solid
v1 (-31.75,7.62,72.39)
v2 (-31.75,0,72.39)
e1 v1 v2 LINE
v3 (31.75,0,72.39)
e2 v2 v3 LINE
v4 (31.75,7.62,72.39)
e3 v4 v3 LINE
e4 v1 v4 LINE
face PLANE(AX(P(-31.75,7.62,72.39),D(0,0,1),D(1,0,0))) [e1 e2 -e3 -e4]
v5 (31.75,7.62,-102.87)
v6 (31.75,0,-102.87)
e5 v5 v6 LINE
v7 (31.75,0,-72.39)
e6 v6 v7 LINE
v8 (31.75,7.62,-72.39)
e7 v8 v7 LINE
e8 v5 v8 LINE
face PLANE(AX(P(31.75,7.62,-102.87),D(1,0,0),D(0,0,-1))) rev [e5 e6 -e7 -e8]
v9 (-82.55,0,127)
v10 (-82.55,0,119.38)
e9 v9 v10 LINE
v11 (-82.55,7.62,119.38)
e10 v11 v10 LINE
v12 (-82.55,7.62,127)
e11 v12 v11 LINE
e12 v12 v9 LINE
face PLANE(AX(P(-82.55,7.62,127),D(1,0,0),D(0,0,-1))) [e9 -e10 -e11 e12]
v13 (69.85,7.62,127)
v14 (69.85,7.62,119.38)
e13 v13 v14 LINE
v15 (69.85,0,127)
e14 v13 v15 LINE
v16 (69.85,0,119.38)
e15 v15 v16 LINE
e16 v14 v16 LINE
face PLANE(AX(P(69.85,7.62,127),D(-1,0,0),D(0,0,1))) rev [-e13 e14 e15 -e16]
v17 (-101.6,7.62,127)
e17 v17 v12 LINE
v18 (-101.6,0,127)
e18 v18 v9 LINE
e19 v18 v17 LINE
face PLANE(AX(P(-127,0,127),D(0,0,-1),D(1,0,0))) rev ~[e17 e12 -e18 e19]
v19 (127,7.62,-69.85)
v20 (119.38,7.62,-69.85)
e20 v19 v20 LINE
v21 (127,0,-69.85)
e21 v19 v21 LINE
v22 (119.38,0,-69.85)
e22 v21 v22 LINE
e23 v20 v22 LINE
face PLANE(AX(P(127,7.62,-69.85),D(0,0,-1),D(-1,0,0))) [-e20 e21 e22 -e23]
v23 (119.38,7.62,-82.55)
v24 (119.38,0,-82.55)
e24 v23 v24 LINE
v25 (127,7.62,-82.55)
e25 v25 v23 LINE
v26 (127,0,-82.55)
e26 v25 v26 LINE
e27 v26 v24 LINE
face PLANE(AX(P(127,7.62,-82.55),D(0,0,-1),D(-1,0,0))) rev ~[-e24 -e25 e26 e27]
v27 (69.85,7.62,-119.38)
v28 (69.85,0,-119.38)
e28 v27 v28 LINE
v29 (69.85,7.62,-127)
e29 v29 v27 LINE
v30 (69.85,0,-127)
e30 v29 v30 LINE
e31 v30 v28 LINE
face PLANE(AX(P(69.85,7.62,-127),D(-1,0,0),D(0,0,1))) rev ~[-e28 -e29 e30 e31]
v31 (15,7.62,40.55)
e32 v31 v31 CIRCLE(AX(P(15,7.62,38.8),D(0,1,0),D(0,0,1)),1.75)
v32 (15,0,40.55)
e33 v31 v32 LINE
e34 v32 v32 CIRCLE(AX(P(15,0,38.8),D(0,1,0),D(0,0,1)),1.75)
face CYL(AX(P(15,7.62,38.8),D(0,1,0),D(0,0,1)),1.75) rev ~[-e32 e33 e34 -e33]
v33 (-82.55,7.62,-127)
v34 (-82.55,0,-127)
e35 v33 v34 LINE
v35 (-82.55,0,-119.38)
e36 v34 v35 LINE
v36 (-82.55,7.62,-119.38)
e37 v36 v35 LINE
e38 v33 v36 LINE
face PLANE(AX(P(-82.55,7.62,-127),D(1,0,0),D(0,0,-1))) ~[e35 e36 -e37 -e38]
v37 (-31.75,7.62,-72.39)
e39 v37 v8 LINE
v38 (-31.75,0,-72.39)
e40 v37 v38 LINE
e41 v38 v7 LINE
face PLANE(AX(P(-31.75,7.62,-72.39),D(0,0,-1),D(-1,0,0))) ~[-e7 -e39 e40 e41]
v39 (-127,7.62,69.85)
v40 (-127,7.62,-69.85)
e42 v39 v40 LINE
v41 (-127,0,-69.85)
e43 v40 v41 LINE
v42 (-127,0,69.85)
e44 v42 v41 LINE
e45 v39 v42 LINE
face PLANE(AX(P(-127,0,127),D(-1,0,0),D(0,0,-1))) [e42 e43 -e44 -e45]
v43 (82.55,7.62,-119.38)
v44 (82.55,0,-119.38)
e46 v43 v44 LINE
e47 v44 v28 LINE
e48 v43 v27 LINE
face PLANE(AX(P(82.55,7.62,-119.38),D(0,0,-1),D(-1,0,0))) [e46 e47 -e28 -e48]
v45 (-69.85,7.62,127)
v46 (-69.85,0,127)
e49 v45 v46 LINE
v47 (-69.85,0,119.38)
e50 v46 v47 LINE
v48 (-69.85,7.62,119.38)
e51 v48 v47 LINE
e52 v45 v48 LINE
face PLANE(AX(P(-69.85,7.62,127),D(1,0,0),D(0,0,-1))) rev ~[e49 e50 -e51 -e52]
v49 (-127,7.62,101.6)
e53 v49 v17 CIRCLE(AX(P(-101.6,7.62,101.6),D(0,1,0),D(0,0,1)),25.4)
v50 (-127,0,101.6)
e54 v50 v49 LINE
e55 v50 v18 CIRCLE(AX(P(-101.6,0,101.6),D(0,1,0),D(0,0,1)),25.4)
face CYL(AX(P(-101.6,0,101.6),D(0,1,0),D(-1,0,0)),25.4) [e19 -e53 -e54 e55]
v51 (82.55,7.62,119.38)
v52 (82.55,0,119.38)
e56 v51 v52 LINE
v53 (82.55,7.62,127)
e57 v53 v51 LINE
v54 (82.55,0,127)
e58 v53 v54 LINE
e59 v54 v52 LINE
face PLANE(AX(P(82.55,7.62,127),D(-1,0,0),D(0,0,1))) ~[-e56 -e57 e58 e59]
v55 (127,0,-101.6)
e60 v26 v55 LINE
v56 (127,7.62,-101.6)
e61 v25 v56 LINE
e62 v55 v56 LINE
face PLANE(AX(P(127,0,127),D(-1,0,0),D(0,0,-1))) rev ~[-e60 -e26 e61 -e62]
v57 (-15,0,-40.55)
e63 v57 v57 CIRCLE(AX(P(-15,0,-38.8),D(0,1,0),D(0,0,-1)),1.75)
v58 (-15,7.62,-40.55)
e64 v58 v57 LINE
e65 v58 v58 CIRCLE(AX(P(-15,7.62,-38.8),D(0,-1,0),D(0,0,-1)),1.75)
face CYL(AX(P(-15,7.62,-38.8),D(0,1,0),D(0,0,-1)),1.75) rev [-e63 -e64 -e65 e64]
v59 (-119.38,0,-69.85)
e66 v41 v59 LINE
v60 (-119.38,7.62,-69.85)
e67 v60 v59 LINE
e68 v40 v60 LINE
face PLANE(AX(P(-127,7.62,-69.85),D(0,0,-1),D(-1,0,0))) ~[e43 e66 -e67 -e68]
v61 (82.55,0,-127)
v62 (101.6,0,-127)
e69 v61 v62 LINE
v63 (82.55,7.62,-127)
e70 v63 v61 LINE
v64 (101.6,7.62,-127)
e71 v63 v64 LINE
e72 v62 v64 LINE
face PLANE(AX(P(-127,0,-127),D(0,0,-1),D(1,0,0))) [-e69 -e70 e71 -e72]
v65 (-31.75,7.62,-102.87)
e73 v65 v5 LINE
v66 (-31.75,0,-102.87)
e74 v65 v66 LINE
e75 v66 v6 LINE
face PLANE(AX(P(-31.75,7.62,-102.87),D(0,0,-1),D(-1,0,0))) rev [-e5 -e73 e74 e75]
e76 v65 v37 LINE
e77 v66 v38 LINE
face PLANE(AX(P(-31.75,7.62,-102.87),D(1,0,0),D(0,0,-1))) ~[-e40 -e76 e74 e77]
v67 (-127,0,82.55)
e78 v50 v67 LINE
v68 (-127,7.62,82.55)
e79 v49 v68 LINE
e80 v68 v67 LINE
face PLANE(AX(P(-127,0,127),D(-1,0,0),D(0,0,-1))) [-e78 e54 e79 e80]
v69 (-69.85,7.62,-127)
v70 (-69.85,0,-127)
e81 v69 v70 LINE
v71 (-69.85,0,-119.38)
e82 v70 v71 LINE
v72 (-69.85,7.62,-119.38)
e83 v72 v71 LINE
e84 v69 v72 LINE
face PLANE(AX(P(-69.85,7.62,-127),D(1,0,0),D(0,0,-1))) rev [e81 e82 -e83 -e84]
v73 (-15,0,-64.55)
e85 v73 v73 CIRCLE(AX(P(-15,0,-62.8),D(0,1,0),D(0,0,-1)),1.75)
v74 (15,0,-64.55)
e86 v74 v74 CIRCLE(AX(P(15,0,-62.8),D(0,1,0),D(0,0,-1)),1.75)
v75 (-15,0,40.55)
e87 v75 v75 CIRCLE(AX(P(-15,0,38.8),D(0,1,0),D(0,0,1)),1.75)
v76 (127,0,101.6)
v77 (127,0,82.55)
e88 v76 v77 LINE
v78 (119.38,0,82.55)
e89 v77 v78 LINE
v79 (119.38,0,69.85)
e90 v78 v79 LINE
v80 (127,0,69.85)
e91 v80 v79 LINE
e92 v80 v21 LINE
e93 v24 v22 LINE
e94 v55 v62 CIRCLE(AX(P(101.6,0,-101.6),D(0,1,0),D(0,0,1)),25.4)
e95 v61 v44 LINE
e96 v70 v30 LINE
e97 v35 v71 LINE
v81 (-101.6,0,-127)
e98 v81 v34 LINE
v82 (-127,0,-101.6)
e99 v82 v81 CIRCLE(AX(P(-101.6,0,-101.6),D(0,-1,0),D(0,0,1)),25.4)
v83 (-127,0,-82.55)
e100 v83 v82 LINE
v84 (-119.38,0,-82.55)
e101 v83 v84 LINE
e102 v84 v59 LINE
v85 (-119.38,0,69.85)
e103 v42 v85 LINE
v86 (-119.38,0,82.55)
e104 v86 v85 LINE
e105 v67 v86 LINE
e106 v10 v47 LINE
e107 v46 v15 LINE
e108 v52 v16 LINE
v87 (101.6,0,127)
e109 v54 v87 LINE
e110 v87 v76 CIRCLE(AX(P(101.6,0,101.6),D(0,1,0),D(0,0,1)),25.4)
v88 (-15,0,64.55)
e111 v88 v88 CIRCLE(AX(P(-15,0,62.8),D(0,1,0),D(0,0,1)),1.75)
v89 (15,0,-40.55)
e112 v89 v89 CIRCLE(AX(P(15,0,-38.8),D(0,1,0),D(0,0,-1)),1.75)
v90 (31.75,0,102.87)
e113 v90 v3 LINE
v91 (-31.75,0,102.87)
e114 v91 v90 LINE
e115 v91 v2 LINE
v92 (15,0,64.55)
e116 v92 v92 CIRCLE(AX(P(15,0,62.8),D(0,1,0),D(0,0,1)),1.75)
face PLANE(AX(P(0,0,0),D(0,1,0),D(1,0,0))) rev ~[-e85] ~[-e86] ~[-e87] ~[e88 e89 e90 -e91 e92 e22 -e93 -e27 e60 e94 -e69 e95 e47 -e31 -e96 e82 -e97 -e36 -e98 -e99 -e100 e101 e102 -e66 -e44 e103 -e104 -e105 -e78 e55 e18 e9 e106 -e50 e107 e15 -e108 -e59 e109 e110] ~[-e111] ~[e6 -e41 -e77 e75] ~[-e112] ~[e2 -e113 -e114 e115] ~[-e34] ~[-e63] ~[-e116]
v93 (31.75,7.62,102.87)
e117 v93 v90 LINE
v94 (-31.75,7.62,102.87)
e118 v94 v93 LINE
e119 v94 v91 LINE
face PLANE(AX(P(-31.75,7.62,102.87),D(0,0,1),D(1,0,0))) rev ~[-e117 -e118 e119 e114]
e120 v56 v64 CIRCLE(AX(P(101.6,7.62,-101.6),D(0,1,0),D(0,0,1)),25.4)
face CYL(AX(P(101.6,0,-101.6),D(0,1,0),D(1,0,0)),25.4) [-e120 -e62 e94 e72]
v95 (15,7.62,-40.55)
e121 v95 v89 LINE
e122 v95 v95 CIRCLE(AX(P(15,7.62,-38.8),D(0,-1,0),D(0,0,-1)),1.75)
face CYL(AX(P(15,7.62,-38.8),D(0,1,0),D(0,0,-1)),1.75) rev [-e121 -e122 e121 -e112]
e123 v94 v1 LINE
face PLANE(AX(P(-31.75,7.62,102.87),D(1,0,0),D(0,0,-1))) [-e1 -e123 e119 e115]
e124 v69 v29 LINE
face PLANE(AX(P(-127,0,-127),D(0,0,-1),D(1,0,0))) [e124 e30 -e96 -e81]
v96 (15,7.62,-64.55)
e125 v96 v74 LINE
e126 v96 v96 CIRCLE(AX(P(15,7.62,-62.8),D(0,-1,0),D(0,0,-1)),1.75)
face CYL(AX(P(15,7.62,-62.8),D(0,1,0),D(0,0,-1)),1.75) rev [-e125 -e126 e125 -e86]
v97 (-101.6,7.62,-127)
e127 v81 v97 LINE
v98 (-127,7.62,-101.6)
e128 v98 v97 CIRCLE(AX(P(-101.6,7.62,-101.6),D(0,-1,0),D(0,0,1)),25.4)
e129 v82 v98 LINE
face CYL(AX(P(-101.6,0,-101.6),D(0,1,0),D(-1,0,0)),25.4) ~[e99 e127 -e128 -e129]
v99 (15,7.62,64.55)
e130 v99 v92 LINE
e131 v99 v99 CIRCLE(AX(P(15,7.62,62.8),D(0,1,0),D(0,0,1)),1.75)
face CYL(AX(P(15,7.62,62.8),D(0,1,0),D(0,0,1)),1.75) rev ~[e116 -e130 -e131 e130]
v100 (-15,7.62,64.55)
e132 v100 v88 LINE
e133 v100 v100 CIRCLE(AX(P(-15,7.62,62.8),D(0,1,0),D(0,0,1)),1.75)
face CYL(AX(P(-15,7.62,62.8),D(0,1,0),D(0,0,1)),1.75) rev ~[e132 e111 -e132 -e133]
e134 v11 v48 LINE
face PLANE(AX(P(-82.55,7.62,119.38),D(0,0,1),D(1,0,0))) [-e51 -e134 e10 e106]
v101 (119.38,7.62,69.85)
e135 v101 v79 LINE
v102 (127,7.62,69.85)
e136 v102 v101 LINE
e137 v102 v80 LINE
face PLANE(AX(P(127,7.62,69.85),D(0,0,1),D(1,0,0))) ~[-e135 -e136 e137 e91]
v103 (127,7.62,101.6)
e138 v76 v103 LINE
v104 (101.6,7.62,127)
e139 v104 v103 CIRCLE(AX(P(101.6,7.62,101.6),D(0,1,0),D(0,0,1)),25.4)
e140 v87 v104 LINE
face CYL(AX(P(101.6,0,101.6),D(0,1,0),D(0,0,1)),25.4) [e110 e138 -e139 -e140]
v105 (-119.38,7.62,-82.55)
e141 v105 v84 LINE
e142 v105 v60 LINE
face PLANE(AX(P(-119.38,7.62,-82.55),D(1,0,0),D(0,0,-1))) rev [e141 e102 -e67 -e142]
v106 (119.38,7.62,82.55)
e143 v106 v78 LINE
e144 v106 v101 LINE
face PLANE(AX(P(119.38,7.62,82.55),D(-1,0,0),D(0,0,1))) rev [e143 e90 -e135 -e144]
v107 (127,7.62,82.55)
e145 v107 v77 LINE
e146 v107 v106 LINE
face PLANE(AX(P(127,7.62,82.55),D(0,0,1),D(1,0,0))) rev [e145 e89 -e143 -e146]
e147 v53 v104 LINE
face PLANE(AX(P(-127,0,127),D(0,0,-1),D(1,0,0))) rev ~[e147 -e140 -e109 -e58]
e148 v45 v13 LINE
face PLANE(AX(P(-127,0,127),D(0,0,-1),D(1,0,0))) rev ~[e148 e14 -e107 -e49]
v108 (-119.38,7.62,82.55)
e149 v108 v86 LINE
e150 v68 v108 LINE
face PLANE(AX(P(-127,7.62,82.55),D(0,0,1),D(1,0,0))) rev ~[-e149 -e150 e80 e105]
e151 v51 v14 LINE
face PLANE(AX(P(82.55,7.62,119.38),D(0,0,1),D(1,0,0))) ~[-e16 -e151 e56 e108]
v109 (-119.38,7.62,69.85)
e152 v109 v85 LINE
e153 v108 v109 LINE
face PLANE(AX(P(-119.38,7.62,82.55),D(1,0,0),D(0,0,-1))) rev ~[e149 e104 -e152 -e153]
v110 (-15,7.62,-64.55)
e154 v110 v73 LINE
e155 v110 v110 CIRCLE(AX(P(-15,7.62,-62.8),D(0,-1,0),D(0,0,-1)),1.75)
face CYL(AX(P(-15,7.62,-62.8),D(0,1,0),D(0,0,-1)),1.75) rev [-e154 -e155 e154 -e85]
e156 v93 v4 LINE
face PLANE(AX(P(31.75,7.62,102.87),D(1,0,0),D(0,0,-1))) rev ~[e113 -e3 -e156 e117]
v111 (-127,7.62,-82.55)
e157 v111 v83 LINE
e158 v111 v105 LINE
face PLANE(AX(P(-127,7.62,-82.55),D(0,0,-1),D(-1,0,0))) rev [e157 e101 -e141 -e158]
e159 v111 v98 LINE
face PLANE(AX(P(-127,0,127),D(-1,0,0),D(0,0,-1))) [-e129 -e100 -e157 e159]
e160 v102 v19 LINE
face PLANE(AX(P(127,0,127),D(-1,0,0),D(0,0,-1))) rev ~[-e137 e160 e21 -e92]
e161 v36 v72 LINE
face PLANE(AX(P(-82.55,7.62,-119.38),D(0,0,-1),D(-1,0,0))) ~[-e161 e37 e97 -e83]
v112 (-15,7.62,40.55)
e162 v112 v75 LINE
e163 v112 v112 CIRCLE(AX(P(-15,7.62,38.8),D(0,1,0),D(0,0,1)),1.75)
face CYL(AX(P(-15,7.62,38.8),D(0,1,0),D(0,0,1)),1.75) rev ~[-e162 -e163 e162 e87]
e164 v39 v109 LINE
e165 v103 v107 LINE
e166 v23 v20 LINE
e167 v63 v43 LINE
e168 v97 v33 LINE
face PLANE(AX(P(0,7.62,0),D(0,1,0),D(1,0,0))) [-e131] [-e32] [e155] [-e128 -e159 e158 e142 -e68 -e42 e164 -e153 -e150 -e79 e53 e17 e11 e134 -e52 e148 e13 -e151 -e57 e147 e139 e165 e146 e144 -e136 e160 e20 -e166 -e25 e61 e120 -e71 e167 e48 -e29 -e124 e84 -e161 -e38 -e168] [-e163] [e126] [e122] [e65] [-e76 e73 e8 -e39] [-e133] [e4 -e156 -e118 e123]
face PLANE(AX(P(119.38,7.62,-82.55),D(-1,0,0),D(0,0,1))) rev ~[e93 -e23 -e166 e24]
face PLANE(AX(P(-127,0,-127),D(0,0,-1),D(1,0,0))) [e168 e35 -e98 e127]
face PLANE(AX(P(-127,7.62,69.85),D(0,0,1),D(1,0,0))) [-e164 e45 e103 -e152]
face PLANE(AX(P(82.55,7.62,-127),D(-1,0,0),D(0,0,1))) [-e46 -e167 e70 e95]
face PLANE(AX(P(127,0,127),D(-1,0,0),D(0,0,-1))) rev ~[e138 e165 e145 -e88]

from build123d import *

# Parameters (mm, degrees)
SKETCH1_W               = 254
SKETCH1_H               = 254
PLATFORM_BASE_DEPTH     = 7.62
CORNER_ROUNDING_R       = 25.4
SKETCH3_R               = 1.75
CUT_EXTRUDE1_DEPTH      = 180.766694357
SKETCH4_W               = 63.5
SKETCH4_H               = 30.48
CUT_EXTRUDE2_DEPTH      = 180.766694357
SKETCH6_W               = 12.7
SKETCH6_H               = 7.62
CUT_EXTRUDE3_DEPTH      = 180.766694357
MIRROR5_COPY_1_SKETCH_W = 12.7
MIRROR5_COPY_1_SKETCH_H = 7.62
MIRROR5_COPY_1_DEPTH    = 180.766694357
MIRROR5_COPY_2_SKETCH_W = 12.7
MIRROR5_COPY_2_SKETCH_H = 7.62
MIRROR5_COPY_2_DEPTH    = 180.766694357
SKETCH8_W               = 7.62
SKETCH8_H               = 12.7
CUT_EXTRUDE4_DEPTH      = 180.766694357
MIRROR7_COPY_1_SKETCH_W = 7.62
MIRROR7_COPY_1_SKETCH_H = 12.7
MIRROR7_COPY_1_DEPTH    = 180.766694357
MIRROR7_COPY_2_SKETCH_W = 7.62
MIRROR7_COPY_2_SKETCH_H = 12.7
MIRROR7_COPY_2_DEPTH    = 180.766694357


with BuildPart() as part:
    # Sketch1 → Platform-Base (new body)
    with BuildSketch(Plane(origin=(0, 0, 0), x_dir=(1, 0, 0), z_dir=(0, 1, 0))):
        Rectangle(SKETCH1_W, SKETCH1_H)
    extrude(amount=PLATFORM_BASE_DEPTH)

    # Corner-Rounding
    corner_rounding_edges = [part.edges().sort_by_distance(p)[0] for p in [
        (-127, 3.81, -127),
        (127, 3.81, -127),
        (127, 3.81, 127),
        (-127, 3.81, 127),
    ]]
    fillet(corner_rounding_edges, radius=CORNER_ROUNDING_R)

    # Sketch3 → Cut-Extrude1 (cut, through all)
    with BuildSketch(Plane(origin=(0, 7.62, 0), x_dir=(1, 0, 0), z_dir=(0, 1, 0))):
        with Locations((15, -38.8)):
            Circle(SKETCH3_R)
        with Locations((15, -62.8)):
            Circle(SKETCH3_R)
        with Locations((-15, -62.8)):
            Circle(SKETCH3_R)
        with Locations((-15, -38.8)):
            Circle(SKETCH3_R)
    cut_extrude1 = extrude(amount=-CUT_EXTRUDE1_DEPTH, mode=Mode.SUBTRACT)

    # Mirror2: Cut-Extrude1 across plane
    add(cut_extrude1.mirror(Plane.XY), mode=Mode.SUBTRACT)

    # Sketch4 → Cut-Extrude2 (cut, through all)
    with BuildSketch(Plane(origin=(0, 7.62, 0), x_dir=(1, 0, 0), z_dir=(0, 1, 0))):
        with Locations((0, -87.63)):
            Rectangle(SKETCH4_W, SKETCH4_H)
    cut_extrude2 = extrude(amount=-CUT_EXTRUDE2_DEPTH, mode=Mode.SUBTRACT)

    # Mirror3: Cut-Extrude2 across plane
    add(cut_extrude2.mirror(Plane.XY), mode=Mode.SUBTRACT)

    # Sketch6 → Cut-Extrude3 (cut, through all)
    with BuildSketch(Plane(origin=(0, 7.62, 0), x_dir=(1, 0, 0), z_dir=(0, 1, 0))):
        with Locations((-76.2, -123.19)):
            Rectangle(SKETCH6_W, SKETCH6_H)
    cut_extrude3 = extrude(amount=-CUT_EXTRUDE3_DEPTH, mode=Mode.SUBTRACT)

    # Mirror4: Cut-Extrude3 across plane
    add(cut_extrude3.mirror(Plane.XY), mode=Mode.SUBTRACT)

    # Mirror5 copy 1 sketch → Mirror5 copy 1 (cut, through all)
    with BuildSketch(Plane(origin=(0, 7.62, 0), x_dir=(-1, 0, 0), z_dir=(0, 1, 0))):
        with Locations((-76.2, -123.19)):
            Rectangle(MIRROR5_COPY_1_SKETCH_W, MIRROR5_COPY_1_SKETCH_H)
    extrude(amount=-MIRROR5_COPY_1_DEPTH, mode=Mode.SUBTRACT)

    # Mirror5 copy 2 sketch → Mirror5 copy 2 (cut, through all)
    with BuildSketch(Plane(origin=(0, 7.62, 0), x_dir=(-1, 0, 0), z_dir=(0, 1, 0))):
        with Locations((-76.2, 123.19)):
            Rectangle(MIRROR5_COPY_2_SKETCH_W, MIRROR5_COPY_2_SKETCH_H)
    extrude(amount=-MIRROR5_COPY_2_DEPTH, mode=Mode.SUBTRACT)

    # Sketch8 → Cut-Extrude4 (cut, through all)
    with BuildSketch(Plane(origin=(0, 7.62, 0), x_dir=(1, 0, 0), z_dir=(0, 1, 0))):
        with Locations((-123.19, -76.2)):
            Rectangle(SKETCH8_W, SKETCH8_H)
    cut_extrude4 = extrude(amount=-CUT_EXTRUDE4_DEPTH, mode=Mode.SUBTRACT)

    # Mirror6: Cut-Extrude4 across plane
    add(cut_extrude4.mirror(Plane.XY), mode=Mode.SUBTRACT)

    # Mirror7 copy 1 sketch → Mirror7 copy 1 (cut, through all)
    with BuildSketch(Plane(origin=(0, 7.62, 0), x_dir=(-1, 0, 0), z_dir=(0, 1, 0))):
        with Locations((-123.19, -76.2)):
            Rectangle(MIRROR7_COPY_1_SKETCH_W, MIRROR7_COPY_1_SKETCH_H)
    extrude(amount=-MIRROR7_COPY_1_DEPTH, mode=Mode.SUBTRACT)

    # Mirror7 copy 2 sketch → Mirror7 copy 2 (cut, through all)
    with BuildSketch(Plane(origin=(0, 7.62, 0), x_dir=(-1, 0, 0), z_dir=(0, 1, 0))):
        with Locations((-123.19, 76.2)):
            Rectangle(MIRROR7_COPY_2_SKETCH_W, MIRROR7_COPY_2_SKETCH_H)
    extrude(amount=-MIRROR7_COPY_2_DEPTH, mode=Mode.SUBTRACT)


solid = part.part
